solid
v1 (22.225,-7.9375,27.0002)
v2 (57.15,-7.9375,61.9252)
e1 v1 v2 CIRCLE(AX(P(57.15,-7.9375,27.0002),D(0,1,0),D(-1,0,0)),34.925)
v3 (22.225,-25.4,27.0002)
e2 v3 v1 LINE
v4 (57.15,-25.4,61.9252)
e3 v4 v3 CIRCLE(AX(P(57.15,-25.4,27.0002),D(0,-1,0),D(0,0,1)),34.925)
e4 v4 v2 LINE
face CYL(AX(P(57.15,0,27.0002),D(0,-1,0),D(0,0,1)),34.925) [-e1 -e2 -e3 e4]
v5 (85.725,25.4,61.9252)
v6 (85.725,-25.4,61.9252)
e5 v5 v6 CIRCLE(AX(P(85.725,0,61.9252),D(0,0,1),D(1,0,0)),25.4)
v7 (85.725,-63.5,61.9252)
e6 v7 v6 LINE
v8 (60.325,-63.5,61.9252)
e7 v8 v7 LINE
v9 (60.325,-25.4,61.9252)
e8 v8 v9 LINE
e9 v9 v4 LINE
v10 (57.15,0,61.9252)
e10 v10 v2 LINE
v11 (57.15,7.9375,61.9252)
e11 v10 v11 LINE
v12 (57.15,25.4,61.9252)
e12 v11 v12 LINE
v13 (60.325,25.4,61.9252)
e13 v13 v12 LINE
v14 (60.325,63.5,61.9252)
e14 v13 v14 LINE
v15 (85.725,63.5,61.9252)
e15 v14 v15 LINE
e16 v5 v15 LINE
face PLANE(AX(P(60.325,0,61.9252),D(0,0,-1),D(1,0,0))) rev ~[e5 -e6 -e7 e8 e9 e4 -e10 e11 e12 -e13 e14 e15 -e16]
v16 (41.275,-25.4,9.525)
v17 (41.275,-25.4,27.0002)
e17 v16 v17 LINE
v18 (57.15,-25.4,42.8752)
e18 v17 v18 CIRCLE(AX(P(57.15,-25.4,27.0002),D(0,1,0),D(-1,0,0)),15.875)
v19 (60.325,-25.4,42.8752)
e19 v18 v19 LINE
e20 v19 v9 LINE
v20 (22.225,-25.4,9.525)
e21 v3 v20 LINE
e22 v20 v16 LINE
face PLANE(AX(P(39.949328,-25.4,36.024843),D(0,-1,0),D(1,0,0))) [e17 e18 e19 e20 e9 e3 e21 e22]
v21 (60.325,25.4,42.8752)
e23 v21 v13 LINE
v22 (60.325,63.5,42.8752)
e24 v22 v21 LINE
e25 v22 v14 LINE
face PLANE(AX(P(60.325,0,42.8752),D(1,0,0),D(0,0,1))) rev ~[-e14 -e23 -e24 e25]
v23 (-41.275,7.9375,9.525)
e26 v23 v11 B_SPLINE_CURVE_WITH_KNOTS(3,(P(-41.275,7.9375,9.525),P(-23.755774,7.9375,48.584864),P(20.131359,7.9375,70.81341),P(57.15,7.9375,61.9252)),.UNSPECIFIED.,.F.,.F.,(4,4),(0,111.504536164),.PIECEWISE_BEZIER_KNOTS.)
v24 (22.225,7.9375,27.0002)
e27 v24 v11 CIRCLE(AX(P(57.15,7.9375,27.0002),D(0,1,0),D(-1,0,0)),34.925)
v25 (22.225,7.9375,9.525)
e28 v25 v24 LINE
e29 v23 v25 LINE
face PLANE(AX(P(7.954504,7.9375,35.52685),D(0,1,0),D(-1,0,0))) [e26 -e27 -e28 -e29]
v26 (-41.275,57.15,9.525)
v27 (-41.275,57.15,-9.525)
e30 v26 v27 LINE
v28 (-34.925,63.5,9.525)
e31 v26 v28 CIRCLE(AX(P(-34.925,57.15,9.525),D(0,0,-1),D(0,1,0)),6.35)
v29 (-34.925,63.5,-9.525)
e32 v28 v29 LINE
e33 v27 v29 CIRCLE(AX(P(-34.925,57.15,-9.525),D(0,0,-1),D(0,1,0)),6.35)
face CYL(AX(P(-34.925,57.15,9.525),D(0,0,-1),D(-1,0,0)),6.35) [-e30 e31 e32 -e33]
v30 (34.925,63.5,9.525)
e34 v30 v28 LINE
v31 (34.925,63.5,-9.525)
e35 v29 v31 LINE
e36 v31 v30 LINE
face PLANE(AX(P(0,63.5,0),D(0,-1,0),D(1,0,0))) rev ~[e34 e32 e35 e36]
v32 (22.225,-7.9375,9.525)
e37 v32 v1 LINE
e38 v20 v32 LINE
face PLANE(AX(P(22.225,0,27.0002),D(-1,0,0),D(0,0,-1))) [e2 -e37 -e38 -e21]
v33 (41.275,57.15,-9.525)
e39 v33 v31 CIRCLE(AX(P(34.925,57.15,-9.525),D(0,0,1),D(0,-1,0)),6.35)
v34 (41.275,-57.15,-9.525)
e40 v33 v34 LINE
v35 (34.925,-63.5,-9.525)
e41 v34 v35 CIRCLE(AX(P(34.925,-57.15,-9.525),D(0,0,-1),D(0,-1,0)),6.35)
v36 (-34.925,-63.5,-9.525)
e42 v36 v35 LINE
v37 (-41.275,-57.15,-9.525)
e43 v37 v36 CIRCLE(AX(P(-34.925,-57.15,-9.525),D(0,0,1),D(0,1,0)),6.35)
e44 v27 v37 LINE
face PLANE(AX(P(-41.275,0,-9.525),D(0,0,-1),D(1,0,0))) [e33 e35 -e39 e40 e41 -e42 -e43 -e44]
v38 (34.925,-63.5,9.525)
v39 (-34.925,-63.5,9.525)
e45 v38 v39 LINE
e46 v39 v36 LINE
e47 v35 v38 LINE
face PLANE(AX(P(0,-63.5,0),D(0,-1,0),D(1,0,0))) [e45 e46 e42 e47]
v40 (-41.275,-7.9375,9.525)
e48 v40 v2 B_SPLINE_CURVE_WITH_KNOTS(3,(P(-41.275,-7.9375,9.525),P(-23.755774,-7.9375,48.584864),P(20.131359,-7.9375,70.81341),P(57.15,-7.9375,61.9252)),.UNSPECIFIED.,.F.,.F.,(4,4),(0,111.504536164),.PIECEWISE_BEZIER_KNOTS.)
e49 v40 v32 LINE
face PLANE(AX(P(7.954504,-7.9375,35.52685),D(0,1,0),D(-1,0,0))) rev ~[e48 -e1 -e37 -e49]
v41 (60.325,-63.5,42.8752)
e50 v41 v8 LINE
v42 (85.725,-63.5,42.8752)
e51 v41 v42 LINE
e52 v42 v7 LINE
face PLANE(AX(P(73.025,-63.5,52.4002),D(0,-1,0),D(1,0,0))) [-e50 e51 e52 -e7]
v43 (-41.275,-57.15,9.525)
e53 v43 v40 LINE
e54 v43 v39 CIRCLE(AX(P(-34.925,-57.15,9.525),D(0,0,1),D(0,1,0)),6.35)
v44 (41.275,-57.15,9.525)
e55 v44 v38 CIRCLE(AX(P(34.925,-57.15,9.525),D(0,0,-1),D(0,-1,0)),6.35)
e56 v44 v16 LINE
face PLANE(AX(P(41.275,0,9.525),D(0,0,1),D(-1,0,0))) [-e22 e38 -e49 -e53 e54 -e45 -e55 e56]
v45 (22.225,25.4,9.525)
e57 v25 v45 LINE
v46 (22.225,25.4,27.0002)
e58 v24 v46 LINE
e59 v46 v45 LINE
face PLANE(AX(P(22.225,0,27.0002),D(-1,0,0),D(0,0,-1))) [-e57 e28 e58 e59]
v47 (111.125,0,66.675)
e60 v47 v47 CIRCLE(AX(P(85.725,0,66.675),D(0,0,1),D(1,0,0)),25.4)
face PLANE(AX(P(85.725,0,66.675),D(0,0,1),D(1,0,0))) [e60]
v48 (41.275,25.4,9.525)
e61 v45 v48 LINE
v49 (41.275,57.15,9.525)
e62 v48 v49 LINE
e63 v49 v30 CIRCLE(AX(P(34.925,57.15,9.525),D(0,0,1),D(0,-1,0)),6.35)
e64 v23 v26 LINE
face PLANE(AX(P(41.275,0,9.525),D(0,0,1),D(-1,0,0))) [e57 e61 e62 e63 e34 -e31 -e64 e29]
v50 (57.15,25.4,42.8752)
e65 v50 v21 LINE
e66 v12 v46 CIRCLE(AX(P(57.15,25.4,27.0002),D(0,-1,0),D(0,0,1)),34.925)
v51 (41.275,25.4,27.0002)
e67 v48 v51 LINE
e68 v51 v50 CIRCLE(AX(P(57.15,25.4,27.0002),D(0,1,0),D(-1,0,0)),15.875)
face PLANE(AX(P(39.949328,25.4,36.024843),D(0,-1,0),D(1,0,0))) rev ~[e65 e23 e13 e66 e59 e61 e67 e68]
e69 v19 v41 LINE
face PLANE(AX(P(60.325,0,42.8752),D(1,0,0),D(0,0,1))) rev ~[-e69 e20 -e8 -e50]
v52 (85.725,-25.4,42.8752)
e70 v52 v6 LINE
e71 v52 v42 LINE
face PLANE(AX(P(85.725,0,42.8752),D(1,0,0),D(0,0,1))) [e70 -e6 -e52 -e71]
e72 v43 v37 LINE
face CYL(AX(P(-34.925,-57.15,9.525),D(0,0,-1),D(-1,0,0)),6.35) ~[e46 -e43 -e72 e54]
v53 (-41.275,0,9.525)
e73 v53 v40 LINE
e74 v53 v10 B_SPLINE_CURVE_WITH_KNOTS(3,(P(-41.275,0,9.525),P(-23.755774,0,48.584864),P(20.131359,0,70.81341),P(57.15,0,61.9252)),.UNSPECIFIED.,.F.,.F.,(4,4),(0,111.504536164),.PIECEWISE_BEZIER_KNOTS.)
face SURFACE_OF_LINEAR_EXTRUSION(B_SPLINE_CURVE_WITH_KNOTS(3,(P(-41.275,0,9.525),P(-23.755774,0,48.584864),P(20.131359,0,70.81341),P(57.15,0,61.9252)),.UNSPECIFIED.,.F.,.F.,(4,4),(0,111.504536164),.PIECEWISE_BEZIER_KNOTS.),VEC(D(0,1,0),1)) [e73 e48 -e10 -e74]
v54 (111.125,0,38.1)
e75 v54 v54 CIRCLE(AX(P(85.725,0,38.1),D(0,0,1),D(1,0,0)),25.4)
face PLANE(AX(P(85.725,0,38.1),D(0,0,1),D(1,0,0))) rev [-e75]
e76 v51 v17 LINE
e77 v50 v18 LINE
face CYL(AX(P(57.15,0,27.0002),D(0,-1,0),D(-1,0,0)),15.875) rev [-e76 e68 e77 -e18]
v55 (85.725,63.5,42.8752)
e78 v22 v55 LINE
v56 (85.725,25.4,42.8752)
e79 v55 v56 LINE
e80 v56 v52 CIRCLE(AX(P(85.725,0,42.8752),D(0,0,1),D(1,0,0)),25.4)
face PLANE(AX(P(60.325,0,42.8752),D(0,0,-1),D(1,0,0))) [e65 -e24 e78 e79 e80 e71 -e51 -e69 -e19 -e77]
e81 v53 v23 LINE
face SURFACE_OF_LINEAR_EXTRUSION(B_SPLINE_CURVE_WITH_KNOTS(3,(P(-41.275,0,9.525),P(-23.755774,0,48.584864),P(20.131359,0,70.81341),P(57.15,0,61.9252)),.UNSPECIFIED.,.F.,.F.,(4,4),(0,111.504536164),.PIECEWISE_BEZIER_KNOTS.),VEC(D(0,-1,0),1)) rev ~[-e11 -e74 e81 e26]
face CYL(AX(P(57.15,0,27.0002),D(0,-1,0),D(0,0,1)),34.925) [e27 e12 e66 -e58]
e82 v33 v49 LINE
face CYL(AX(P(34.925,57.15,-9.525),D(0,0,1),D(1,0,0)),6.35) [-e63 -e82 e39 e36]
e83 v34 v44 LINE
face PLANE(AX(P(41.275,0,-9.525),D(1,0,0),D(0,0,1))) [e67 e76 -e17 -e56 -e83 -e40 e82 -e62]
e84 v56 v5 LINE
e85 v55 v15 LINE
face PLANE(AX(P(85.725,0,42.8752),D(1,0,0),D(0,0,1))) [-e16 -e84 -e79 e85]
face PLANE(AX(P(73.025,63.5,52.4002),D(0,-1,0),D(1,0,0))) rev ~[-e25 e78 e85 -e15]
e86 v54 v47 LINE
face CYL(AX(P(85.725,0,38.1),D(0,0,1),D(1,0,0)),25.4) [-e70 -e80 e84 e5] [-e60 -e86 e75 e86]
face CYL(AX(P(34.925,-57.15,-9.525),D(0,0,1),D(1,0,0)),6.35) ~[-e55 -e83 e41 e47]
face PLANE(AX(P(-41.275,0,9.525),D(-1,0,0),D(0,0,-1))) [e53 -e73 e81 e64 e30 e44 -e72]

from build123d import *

# Parameters (mm, degrees)
F1_DEPTH = 63.5
F2_DEPTH = 25.4
F3_DEPTH = 7.9375
F0_W     = 25.4
F0_H     = 19.05
F4_DEPTH = 63.5
F6_R     = 6.35


with BuildPart() as f1:
    # F0 (on Front) → F1 (new body, symmetric)
    with BuildSketch(Plane.XZ):
        Polygon((-41.275, 9.525), (-41.275, -9.525), (41.275, -9.525), (41.275, 9.525), (22.225, 9.525), align=None)
    extrude(amount=F1_DEPTH, both=True)

    # F0 (on Front) → F2 (join, symmetric)
    with BuildSketch(Plane.XZ):
        with BuildLine():
            Line((22.225, 9.525), (41.275, 9.525))
            Line((41.275, 9.525), (41.275, 27.0002))
            ThreePointArc((41.275, 27.0002), (45.9246798487, 38.2255201513), (57.15, 42.8752))
            Line((57.15, 42.8752), (60.325, 42.8752))
            Line((60.325, 42.8752), (60.325, 61.9252))
            Line((60.325, 61.9252), (57.15, 61.9252))
            ThreePointArc((57.15, 61.9252), (32.4542956671, 51.6959043329), (22.225, 27.0002))
            Line((22.225, 27.0002), (22.225, 9.525))
        make_face()
    extrude(amount=F2_DEPTH, both=True)

    # F0 (on Front) → F3 (join, symmetric)
    with BuildSketch(Plane.XZ):
        with BuildLine():
            add(Edge.make_bspline(
                [(-41.275, 9.525), (-23.7557739019, 48.5848635435), (20.1313588768, 70.8134099841), (57.15, 61.9252)],
                knots=[0, 0, 0, 0, 111.5045361635, 111.5045361635, 111.5045361635, 111.5045361635], degree=3))
            Line((-41.275, 9.525), (22.225, 9.525))
            Line((22.225, 9.525), (22.225, 27.0002))
            ThreePointArc((22.225, 27.0002), (32.4542956671, 51.6959043329), (57.15, 61.9252))
        make_face()
    extrude(amount=F3_DEPTH, both=True)

    # F0 (on Front) → F4 (join, symmetric)
    with BuildSketch(Plane.XZ):
        with Locations((73.025, 52.4002)):
            Rectangle(F0_W, F0_H)
    extrude(amount=F4_DEPTH, both=True)

    # F0 (on Front) → F5 (revolve)
    with BuildSketch(Plane.XZ):
        Polygon((85.725, 66.675), (85.725, 61.9252), (85.725, 42.8752), (85.725, 38.1), (111.125, 38.1), (111.125, 66.675), align=None)
    revolve(axis=Axis((85.725, 0, 52.3875), (0, 0, 1)))

    # F6
    f6_edges = [f1.edges().sort_by_distance(p)[0] for p in [
        (-41.275, -63.5, 0),
        (41.275, -63.5, 0),
        (41.275, 63.5, 0),
        (-41.275, 63.5, 0),
    ]]
    fillet(f6_edges, radius=F6_R)


solid = f1.part
